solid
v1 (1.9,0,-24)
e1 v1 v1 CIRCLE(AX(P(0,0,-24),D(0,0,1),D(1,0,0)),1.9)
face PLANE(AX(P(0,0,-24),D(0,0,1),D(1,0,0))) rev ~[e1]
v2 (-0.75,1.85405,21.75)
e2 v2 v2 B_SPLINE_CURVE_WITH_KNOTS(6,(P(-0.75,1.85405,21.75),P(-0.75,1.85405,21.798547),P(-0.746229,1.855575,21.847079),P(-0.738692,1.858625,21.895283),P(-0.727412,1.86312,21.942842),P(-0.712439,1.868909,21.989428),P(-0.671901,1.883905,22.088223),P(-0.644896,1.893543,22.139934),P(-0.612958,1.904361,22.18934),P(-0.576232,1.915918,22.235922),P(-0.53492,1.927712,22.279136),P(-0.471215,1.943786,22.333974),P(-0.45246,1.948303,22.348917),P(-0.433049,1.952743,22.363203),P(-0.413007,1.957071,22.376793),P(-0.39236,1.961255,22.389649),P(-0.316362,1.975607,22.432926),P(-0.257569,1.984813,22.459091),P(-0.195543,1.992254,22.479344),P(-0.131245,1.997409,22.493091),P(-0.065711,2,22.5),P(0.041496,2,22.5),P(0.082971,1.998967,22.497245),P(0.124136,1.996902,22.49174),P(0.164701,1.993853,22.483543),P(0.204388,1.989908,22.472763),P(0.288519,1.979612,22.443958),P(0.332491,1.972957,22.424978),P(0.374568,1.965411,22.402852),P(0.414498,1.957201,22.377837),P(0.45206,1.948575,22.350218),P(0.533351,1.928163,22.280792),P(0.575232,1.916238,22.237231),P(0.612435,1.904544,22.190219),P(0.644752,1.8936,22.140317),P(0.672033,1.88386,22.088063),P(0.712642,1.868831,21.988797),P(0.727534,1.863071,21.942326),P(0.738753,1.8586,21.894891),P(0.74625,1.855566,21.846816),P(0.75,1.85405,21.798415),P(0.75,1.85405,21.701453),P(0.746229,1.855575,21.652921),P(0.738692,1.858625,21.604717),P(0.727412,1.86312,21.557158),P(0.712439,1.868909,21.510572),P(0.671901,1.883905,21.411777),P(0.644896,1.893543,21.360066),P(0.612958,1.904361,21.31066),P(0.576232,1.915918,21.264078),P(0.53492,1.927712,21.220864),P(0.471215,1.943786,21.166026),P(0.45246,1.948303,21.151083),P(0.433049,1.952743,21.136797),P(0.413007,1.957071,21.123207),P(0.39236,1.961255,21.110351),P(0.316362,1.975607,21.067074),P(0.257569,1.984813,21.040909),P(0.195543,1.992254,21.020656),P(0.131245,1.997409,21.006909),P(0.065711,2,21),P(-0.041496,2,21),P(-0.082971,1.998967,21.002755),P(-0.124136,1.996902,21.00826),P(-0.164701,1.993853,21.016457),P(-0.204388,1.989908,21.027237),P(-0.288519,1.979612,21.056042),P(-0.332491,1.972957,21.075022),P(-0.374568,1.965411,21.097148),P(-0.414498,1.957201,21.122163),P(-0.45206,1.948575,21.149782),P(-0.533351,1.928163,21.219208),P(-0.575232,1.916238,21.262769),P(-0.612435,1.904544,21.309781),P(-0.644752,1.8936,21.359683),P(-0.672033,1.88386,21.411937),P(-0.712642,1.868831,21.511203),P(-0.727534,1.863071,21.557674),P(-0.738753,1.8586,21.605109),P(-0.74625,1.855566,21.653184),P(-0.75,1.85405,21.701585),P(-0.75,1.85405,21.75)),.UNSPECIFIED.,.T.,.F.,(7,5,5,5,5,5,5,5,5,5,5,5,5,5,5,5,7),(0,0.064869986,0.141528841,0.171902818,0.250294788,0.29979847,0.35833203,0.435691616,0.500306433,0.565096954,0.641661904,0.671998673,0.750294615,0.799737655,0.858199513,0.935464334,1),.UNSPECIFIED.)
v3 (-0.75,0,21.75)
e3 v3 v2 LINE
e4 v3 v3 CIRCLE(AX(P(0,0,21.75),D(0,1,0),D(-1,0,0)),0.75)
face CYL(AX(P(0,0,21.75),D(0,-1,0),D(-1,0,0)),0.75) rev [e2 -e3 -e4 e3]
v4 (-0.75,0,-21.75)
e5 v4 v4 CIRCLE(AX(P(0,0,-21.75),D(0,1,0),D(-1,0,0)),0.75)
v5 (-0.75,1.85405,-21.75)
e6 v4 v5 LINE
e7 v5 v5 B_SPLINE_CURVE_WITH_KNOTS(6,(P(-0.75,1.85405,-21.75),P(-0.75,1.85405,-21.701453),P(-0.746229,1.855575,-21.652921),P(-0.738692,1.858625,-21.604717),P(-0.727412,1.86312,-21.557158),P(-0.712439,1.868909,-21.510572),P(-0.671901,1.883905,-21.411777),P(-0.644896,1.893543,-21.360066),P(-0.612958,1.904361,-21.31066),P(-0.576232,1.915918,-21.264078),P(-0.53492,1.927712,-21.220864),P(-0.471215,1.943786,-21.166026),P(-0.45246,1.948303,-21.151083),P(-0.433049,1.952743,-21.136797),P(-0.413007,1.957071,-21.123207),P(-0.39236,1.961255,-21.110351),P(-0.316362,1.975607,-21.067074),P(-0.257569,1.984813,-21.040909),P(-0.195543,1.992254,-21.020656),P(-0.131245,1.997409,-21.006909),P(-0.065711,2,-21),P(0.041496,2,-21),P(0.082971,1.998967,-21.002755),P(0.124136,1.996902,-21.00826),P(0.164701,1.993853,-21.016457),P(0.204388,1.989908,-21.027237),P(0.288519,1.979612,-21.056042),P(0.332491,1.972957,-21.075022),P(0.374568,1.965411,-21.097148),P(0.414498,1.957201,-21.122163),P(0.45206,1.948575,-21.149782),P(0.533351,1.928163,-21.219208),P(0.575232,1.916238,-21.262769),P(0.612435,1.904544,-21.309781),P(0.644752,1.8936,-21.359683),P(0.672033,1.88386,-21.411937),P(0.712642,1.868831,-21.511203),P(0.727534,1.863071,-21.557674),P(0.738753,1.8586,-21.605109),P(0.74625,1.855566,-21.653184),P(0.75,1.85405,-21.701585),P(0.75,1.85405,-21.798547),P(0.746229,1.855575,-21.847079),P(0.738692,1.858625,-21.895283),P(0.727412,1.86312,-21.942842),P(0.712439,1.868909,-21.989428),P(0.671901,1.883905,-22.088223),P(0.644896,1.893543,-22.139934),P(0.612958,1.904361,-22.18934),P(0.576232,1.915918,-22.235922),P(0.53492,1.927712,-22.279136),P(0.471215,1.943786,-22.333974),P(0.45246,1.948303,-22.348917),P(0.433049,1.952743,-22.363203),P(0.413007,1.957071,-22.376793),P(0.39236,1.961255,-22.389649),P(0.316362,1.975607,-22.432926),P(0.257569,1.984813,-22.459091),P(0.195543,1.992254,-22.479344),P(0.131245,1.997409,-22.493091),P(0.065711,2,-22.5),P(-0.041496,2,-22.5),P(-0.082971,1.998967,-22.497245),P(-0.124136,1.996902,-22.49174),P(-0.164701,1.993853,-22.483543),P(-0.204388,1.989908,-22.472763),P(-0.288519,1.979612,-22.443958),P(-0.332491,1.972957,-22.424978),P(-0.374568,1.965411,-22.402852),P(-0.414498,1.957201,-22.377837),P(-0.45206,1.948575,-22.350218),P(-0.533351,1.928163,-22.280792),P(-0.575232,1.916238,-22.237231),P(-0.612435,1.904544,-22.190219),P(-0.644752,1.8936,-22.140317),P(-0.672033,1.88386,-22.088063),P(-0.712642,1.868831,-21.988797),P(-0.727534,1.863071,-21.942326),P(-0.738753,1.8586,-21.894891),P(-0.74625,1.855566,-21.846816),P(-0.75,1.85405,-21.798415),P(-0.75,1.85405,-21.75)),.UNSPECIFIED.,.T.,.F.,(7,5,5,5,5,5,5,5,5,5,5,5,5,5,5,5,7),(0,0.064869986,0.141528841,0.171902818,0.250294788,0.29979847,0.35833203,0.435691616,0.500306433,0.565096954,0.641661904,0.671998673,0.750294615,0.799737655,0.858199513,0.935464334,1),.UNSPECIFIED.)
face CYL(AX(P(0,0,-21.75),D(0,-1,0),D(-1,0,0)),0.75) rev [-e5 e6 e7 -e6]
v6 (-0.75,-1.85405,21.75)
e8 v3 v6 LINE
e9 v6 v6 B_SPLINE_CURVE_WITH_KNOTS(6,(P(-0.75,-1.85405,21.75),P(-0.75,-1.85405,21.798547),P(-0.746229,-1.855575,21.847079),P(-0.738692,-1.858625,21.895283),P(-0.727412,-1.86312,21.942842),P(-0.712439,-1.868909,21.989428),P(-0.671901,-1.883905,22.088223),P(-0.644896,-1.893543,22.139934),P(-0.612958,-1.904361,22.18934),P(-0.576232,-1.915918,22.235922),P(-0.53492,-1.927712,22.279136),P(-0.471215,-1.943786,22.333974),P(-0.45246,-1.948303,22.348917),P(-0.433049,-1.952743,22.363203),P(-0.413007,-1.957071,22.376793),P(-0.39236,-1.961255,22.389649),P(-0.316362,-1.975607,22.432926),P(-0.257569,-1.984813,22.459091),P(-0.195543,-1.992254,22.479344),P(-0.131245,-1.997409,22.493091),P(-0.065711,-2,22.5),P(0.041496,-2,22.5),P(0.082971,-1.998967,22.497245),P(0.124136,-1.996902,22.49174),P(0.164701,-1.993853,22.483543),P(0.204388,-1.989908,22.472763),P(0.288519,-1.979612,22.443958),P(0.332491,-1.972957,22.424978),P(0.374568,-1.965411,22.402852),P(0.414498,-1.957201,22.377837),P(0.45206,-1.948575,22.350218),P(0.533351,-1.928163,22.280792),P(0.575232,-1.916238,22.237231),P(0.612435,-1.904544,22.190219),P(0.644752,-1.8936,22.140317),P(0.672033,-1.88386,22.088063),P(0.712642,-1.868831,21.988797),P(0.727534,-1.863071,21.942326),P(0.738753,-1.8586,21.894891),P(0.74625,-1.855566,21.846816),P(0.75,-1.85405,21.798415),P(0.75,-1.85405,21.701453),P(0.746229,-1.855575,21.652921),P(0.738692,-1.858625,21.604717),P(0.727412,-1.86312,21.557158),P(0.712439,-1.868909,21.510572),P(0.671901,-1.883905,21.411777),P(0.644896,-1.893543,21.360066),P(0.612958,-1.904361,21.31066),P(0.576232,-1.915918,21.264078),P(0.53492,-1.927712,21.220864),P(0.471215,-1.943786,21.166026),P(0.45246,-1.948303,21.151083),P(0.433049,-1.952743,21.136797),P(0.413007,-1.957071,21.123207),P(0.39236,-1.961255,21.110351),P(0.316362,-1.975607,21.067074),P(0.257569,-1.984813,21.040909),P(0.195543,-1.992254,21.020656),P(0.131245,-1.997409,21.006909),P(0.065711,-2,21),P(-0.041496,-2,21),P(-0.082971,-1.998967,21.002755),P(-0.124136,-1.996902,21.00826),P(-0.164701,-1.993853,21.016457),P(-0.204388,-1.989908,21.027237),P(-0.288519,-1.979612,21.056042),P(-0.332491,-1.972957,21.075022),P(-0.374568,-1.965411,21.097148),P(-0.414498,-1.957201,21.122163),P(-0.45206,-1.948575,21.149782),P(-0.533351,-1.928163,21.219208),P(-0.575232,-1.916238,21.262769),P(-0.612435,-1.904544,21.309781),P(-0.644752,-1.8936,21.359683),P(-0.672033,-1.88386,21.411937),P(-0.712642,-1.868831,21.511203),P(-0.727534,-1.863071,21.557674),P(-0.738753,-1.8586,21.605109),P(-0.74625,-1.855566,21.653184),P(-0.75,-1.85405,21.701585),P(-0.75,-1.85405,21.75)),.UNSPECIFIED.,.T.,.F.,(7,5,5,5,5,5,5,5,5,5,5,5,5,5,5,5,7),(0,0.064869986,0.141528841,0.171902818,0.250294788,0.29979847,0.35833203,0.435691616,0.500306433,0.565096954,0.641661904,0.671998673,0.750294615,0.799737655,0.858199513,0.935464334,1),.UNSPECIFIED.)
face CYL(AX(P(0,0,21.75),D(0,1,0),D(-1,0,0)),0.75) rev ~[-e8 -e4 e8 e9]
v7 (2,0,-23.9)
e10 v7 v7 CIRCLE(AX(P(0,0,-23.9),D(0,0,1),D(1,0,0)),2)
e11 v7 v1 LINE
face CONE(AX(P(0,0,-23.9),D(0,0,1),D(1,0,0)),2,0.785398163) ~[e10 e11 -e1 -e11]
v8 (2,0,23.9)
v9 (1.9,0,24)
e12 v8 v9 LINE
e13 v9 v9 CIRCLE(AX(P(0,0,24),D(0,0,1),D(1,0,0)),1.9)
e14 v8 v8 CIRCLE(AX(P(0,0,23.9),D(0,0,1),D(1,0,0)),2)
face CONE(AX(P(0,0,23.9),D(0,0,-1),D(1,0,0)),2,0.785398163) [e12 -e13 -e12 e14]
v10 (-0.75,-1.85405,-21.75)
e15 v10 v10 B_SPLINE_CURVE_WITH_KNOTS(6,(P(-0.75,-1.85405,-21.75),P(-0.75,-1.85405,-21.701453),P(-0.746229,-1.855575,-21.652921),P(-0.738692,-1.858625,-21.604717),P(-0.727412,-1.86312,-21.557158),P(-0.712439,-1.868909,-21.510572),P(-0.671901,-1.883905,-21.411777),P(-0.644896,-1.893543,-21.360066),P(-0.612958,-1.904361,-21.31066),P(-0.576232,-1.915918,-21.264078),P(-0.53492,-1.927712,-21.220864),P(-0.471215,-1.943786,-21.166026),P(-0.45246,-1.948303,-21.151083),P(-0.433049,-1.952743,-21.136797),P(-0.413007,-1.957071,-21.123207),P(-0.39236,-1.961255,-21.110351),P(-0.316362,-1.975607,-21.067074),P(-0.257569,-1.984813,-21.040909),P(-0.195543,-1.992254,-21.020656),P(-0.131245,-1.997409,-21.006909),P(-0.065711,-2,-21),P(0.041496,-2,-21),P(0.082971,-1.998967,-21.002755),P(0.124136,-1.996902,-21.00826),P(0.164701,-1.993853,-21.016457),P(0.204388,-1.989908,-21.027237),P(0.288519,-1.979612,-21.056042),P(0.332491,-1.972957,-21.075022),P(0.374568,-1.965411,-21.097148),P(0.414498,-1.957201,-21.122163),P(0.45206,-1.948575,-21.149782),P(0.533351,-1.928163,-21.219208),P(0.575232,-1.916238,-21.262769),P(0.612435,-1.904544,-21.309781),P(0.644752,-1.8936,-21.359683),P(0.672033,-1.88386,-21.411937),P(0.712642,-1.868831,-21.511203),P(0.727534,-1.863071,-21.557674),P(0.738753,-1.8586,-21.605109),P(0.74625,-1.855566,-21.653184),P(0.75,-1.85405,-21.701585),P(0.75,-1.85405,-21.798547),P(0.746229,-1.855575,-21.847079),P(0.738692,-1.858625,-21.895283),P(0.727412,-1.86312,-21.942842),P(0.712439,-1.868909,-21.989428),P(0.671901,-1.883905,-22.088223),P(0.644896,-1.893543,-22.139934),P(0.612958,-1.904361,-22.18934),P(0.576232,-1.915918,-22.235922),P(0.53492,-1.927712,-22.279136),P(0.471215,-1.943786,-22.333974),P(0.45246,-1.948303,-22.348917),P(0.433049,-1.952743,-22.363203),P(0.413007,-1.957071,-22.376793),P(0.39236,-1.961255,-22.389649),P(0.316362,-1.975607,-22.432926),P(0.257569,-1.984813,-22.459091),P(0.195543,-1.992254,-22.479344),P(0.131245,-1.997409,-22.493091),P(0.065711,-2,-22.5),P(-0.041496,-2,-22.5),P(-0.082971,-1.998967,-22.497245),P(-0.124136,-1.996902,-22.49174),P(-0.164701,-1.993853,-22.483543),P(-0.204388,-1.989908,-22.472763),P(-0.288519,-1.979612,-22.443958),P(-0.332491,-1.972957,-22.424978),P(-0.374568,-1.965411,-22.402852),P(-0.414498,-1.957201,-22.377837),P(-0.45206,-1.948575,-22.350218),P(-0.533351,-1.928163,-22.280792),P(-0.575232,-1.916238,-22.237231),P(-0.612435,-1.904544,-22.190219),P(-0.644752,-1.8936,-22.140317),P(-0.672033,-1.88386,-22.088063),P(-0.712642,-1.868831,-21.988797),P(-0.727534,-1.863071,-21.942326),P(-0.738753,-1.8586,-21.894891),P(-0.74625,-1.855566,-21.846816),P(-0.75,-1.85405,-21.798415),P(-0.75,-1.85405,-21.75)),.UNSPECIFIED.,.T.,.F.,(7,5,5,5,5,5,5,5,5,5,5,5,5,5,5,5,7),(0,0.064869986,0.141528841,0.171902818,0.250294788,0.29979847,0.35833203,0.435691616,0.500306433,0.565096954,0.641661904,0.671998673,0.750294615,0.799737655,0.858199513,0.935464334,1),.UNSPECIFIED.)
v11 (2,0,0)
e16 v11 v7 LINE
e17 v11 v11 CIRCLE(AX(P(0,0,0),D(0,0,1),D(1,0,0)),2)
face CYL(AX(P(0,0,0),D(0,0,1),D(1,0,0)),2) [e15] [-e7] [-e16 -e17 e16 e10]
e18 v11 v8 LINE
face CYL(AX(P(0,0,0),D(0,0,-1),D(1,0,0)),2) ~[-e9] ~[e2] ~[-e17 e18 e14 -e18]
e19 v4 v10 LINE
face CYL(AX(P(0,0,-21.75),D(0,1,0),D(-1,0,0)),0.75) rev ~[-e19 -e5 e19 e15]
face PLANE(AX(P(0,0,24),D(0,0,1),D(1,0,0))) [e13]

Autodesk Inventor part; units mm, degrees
ref_plane "YZ Plane" through (0, 0, 0) normal (1, 0, 0) x (0, 1, 0)
ref_plane "XZ Plane" through (0, 0, 0) normal (0, 1, 0) x (-1, 0, 0)
ref_plane "XY Plane" through (0, 0, 0) normal (0, 0, 1) x (1, 0, 0)
sketch "スケッチ1" plane through (0, 0, 0) normal (0, 0, 1) x (1, 0, 0)
  circle A0 centre (0, 0) radius 2
  dimension "d0" = 4
extrude "押し出し1" add sketch "スケッチ1" along normal mid plane 48
chamfer "面取り1" distance 0.1 angle 45 2 edges at (-2, 0, 24) (-2, 0, -24)
sketch "スケッチ2" plane through (0, 0, 0) normal (0, 1, 0) x (-1, 0, 0)
  line L0 (0, 0) -> (3.4806, 0) construction
  line L1 (0, 0) -> (0, -21.75) construction
  circle A0 centre (0, -21.75) radius 0.75
  circle A1 centre (0, 21.75) radius 0.75
  line L2 (2.6688, -21) -> (-4.3603, -21) construction
  dimension "d6" = 1.5
  dimension "d11" = 42
extrude "押し出し2" cut sketch "スケッチ2" along normal through all both and the other way through all
properties part number "COXA_ROLL_SHAFT_D4"
